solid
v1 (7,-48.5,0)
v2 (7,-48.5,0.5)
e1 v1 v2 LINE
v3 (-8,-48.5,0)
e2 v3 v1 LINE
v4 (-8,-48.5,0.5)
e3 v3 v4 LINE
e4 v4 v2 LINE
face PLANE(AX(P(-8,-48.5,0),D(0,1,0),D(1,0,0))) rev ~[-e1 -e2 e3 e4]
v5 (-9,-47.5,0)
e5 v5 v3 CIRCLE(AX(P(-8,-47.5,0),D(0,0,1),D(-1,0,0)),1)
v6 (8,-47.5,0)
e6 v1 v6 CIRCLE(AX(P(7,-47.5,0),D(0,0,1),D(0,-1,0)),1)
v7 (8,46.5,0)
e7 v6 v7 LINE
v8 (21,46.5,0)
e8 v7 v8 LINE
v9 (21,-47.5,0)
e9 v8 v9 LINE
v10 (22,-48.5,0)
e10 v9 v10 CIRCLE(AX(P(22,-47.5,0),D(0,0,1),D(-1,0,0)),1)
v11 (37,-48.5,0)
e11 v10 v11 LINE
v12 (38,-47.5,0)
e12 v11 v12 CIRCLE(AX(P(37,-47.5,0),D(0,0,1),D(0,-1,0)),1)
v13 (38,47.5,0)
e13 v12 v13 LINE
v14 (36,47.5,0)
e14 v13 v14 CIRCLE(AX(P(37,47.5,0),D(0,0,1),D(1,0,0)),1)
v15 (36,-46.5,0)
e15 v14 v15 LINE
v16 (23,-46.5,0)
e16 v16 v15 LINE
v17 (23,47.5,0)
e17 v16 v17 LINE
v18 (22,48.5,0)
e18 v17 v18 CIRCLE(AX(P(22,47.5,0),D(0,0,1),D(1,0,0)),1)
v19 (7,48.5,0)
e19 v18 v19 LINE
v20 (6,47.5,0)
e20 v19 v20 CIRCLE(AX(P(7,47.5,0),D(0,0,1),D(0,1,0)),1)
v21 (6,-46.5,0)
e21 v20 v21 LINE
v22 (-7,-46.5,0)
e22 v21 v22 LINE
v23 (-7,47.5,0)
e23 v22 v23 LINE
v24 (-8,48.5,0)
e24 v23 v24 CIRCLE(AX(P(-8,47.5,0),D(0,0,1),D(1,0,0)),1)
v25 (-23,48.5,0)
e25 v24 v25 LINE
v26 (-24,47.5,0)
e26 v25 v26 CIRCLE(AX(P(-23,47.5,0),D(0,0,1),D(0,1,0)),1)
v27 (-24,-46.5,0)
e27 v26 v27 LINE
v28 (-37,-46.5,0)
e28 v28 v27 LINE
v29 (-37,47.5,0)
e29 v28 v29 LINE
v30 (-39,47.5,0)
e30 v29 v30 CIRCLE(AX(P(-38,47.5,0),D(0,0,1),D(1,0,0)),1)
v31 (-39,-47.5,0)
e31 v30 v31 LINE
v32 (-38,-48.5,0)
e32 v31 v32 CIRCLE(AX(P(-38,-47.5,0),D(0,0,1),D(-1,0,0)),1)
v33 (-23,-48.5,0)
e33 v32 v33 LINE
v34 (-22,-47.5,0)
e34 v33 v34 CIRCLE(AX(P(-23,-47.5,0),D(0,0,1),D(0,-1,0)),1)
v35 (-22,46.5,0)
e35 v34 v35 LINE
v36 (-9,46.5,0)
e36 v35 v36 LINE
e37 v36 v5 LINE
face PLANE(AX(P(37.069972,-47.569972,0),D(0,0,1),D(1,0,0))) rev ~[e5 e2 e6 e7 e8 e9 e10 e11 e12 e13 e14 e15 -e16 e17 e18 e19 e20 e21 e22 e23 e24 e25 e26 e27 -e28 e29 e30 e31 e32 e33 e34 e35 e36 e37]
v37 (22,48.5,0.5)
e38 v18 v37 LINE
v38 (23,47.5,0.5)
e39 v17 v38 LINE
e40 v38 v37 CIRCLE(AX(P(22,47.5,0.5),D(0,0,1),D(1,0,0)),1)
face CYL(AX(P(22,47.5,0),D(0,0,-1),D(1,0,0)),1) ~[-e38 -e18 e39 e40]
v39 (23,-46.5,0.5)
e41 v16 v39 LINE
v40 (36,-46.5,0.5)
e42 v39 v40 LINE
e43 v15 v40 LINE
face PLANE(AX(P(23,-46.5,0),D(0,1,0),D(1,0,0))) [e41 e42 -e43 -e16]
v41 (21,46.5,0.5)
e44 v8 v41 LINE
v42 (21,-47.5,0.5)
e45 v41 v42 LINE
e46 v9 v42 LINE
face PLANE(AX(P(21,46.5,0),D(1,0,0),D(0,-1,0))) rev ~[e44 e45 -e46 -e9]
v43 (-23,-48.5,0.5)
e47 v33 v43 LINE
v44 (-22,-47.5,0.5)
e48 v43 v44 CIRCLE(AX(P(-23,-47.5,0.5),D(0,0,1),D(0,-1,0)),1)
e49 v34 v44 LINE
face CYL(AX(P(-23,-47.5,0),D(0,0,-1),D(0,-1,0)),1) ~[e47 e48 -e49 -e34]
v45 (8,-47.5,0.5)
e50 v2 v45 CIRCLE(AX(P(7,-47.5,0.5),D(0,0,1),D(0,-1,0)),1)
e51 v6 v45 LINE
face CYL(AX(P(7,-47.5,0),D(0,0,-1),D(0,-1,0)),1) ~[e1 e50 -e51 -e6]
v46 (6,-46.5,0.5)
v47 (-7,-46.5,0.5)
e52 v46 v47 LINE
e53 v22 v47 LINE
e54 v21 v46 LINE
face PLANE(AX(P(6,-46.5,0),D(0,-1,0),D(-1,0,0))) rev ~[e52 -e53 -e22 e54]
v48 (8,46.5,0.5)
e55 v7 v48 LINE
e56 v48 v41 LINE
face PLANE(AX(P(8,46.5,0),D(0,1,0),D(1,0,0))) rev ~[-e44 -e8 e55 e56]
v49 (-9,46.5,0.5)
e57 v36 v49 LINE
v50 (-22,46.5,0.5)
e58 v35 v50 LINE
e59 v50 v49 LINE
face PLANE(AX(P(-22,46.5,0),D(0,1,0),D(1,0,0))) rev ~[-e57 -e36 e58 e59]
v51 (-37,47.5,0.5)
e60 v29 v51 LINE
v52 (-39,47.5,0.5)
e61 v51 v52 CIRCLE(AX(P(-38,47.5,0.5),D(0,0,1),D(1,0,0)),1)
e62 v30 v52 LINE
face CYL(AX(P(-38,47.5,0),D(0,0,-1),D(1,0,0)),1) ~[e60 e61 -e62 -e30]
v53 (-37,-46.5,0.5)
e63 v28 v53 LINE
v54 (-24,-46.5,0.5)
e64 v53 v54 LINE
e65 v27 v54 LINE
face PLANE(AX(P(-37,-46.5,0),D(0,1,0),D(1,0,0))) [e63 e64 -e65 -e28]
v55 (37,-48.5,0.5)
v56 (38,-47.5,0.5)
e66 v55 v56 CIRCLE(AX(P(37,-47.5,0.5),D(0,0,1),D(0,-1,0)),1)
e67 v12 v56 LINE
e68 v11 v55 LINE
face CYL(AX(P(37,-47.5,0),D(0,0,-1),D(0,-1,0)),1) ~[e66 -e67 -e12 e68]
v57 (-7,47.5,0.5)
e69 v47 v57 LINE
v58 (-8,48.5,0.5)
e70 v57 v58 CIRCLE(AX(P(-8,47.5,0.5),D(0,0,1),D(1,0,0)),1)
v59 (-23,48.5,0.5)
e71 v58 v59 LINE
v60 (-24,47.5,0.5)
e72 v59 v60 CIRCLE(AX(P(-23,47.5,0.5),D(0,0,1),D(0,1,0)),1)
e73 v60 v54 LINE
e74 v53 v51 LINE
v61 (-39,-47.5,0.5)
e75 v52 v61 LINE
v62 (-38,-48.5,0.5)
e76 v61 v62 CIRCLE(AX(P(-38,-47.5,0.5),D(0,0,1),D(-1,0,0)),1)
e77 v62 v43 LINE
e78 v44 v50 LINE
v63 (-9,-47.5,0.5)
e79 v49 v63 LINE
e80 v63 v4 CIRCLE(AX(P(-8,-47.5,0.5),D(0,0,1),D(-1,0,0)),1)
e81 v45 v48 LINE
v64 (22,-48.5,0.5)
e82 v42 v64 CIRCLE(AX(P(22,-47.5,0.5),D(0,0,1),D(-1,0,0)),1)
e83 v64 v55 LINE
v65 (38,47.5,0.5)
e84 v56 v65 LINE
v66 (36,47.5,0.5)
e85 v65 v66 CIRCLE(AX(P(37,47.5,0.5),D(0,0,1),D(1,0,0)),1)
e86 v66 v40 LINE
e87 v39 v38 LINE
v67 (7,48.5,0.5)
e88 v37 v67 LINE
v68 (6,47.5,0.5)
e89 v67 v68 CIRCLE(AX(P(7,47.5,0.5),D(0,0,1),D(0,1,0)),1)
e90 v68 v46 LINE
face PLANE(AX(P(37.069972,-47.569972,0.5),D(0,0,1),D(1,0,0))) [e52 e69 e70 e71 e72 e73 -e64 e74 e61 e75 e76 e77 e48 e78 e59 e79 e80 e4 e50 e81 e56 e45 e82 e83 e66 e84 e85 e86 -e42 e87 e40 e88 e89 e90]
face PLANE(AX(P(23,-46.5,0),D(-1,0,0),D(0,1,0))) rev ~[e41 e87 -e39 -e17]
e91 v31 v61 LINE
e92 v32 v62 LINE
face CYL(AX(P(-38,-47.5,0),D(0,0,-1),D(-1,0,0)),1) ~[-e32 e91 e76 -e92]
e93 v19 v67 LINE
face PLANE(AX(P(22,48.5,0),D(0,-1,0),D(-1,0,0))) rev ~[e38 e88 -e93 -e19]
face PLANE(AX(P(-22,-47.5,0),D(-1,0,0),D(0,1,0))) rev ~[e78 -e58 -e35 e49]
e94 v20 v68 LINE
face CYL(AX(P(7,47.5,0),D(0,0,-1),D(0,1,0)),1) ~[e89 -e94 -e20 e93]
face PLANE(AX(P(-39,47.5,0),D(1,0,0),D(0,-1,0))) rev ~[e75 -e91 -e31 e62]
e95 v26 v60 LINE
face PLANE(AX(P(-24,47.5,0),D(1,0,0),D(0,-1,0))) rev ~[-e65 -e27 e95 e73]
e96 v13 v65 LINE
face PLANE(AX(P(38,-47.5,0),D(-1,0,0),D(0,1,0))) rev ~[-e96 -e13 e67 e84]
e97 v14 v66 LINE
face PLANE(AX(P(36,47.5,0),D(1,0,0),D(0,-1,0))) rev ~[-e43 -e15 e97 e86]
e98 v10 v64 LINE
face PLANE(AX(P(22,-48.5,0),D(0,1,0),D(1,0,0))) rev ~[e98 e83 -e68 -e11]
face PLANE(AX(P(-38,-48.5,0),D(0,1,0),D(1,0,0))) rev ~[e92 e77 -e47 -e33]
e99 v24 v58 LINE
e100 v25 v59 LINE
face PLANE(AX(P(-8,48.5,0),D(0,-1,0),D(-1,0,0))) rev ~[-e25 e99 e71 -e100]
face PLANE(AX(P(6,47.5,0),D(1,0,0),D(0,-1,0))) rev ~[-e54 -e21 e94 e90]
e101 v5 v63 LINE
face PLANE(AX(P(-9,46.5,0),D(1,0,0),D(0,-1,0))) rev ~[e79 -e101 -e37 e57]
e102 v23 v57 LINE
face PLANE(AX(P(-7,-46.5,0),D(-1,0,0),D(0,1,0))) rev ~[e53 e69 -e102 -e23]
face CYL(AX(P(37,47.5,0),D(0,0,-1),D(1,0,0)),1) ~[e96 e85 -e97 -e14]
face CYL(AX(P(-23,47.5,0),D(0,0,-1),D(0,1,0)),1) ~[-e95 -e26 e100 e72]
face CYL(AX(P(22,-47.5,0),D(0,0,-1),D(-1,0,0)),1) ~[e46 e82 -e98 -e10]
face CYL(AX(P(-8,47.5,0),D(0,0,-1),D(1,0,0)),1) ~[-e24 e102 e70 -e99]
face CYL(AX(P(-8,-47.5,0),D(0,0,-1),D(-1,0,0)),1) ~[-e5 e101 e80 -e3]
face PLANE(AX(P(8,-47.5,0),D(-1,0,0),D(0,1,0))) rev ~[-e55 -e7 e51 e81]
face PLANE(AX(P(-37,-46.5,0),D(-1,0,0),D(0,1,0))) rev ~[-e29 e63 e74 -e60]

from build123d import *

# Parameters (mm, degrees)
F1_W     = 1
F1_H     = 1
F1_W_2   = 13
F2_DEPTH = 0.5


with BuildPart() as f2:
    # F1 (on Top) → F2 (new body)
    with BuildSketch(Plane.XY):
        with BuildLine():
            ThreePointArc((38, -47.5), (37.7071067812, -46.7928932188), (37, -46.5))
            Line((37, -46.5), (37, -47.5))
            Line((37, -47.5), (36, -47.5))
            ThreePointArc((36, -47.5), (36.2928932188, -48.2071067812), (37, -48.5))
            ThreePointArc((37, -48.5), (37.7071067812, -48.2071067812), (38, -47.5))
        make_face()
        with BuildLine():
            Line((36, -46.5), (37, -46.5))
            ThreePointArc((37, -46.5), (37.7071067812, -46.7928932188), (38, -47.5))
            Line((38, -47.5), (38, 47.5))
            ThreePointArc((38, 47.5), (37, 48.5), (36, 47.5))
            Line((36, 47.5), (36, -46.5))
        make_face()
        with Locations((36.5, -47)):
            Rectangle(F1_W, F1_H)
        with Locations((29.5, -47)):
            Rectangle(F1_W_2, F1_H)
        with BuildLine():
            ThreePointArc((37, -48.5), (36.2928932188, -48.2071067812), (36, -47.5))
            Line((36, -47.5), (23, -47.5))
            ThreePointArc((23, -47.5), (22.7071067812, -48.2071067812), (22, -48.5))
            Line((22, -48.5), (37, -48.5))
        make_face()
        with BuildLine():
            Line((22, -46.5), (23, -46.5))
            Line((23, -46.5), (23, 47.5))
            ThreePointArc((23, 47.5), (22.7071067812, 46.7928932188), (22, 46.5))
            Line((22, 46.5), (22, -46.5))
        make_face()
        with Locations((22.5, -47)):
            Rectangle(F1_W, F1_H)
        with BuildLine():
            ThreePointArc((22, -48.5), (22.7071067812, -48.2071067812), (23, -47.5))
            Line((23, -47.5), (22, -47.5))
            Line((22, -47.5), (22, -46.5))
            ThreePointArc((22, -46.5), (21.2928932188, -46.7928932188), (21, -47.5))
            ThreePointArc((21, -47.5), (21.2928932188, -48.2071067812), (22, -48.5))
        make_face()
        with BuildLine():
            ThreePointArc((22, 46.5), (22.7071067812, 46.7928932188), (23, 47.5))
            ThreePointArc((23, 47.5), (22.7071067812, 48.2071067812), (22, 48.5))
            ThreePointArc((22, 48.5), (21.2928932188, 48.2071067812), (21, 47.5))
            Line((21, 47.5), (22, 47.5))
            Line((22, 47.5), (22, 46.5))
        make_face()
        with BuildLine():
            ThreePointArc((21, -47.5), (21.2928932188, -46.7928932188), (22, -46.5))
            Line((22, -46.5), (22, 46.5))
            Line((22, 46.5), (21, 46.5))
            Line((21, 46.5), (21, -47.5))
        make_face()
        with BuildLine():
            ThreePointArc((21, 47.5), (21.2928932188, 48.2071067812), (22, 48.5))
            Line((22, 48.5), (7, 48.5))
            ThreePointArc((7, 48.5), (7.7071067812, 48.2071067812), (8, 47.5))
            Line((8, 47.5), (21, 47.5))
        make_face()
        with Locations((21.5, 47)):
            Rectangle(F1_W, F1_H)
        with Locations((14.5, 47)):
            Rectangle(F1_W_2, F1_H)
        with BuildLine():
            ThreePointArc((8, 47.5), (7.7071067812, 48.2071067812), (7, 48.5))
            ThreePointArc((7, 48.5), (6.2928932188, 48.2071067812), (6, 47.5))
            ThreePointArc((6, 47.5), (6.2928932188, 46.7928932188), (7, 46.5))
            Line((7, 46.5), (7, 47.5))
            Line((7, 47.5), (8, 47.5))
        make_face()
        with BuildLine():
            Line((8, -47.5), (8, 46.5))
            Line((8, 46.5), (7, 46.5))
            Line((7, 46.5), (7, -46.5))
            ThreePointArc((7, -46.5), (7.7071067812, -46.7928932188), (8, -47.5))
        make_face()
        with Locations((7.5, 47)):
            Rectangle(F1_W, F1_H)
        with BuildLine():
            ThreePointArc((7, 46.5), (6.2928932188, 46.7928932188), (6, 47.5))
            Line((6, 47.5), (6, -46.5))
            Line((6, -46.5), (7, -46.5))
            Line((7, -46.5), (7, 46.5))
        make_face()
        with BuildLine():
            ThreePointArc((7, -48.5), (7.7071067812, -48.2071067812), (8, -47.5))
            ThreePointArc((8, -47.5), (7.7071067812, -46.7928932188), (7, -46.5))
            Line((7, -46.5), (7, -47.5))
            Line((7, -47.5), (6, -47.5))
            ThreePointArc((6, -47.5), (6.2928932188, -48.2071067812), (7, -48.5))
        make_face()
        with Locations((6.5, -47)):
            Rectangle(F1_W, F1_H)
        with Locations((-0.5, -47)):
            Rectangle(F1_W_2, F1_H)
        with BuildLine():
            Line((-8, -48.5), (7, -48.5))
            ThreePointArc((7, -48.5), (6.2928932188, -48.2071067812), (6, -47.5))
            Line((6, -47.5), (-7, -47.5))
            ThreePointArc((-7, -47.5), (-7.2928932188, -48.2071067812), (-8, -48.5))
        make_face()
        with Locations((-7.5, -47)):
            Rectangle(F1_W, F1_H)
        with BuildLine():
            Line((-8, -46.5), (-7, -46.5))
            Line((-7, -46.5), (-7, 47.5))
            ThreePointArc((-7, 47.5), (-7.2928932188, 46.7928932188), (-8, 46.5))
            Line((-8, 46.5), (-8, -46.5))
        make_face()
        with BuildLine():
            ThreePointArc((-9, -47.5), (-8.7071067812, -48.2071067812), (-8, -48.5))
            ThreePointArc((-8, -48.5), (-7.2928932188, -48.2071067812), (-7, -47.5))
            Line((-7, -47.5), (-8, -47.5))
            Line((-8, -47.5), (-8, -46.5))
            ThreePointArc((-8, -46.5), (-8.7071067812, -46.7928932188), (-9, -47.5))
        make_face()
        with BuildLine():
            ThreePointArc((-9, -47.5), (-8.7071067812, -46.7928932188), (-8, -46.5))
            Line((-8, -46.5), (-8, 46.5))
            Line((-8, 46.5), (-9, 46.5))
            Line((-9, 46.5), (-9, -47.5))
        make_face()
        with BuildLine():
            ThreePointArc((-8, 46.5), (-7.2928932188, 46.7928932188), (-7, 47.5))
            ThreePointArc((-7, 47.5), (-7.2928932188, 48.2071067812), (-8, 48.5))
            ThreePointArc((-8, 48.5), (-8.7071067812, 48.2071067812), (-9, 47.5))
            Line((-9, 47.5), (-8, 47.5))
            Line((-8, 47.5), (-8, 46.5))
        make_face()
        with Locations((-8.5, 47)):
            Rectangle(F1_W, F1_H)
        with BuildLine():
            ThreePointArc((-9, 47.5), (-8.7071067812, 48.2071067812), (-8, 48.5))
            Line((-8, 48.5), (-23, 48.5))
            ThreePointArc((-23, 48.5), (-22.2928932188, 48.2071067812), (-22, 47.5))
            Line((-22, 47.5), (-9, 47.5))
        make_face()
        with Locations((-15.5, 47)):
            Rectangle(F1_W_2, F1_H)
        with BuildLine():
            ThreePointArc((-22, 47.5), (-22.2928932188, 48.2071067812), (-23, 48.5))
            ThreePointArc((-23, 48.5), (-23.7071067812, 48.2071067812), (-24, 47.5))
            ThreePointArc((-24, 47.5), (-23.7071067812, 46.7928932188), (-23, 46.5))
            Line((-23, 46.5), (-23, 47.5))
            Line((-23, 47.5), (-22, 47.5))
        make_face()
        with Locations((-22.5, 47)):
            Rectangle(F1_W, F1_H)
        with BuildLine():
            Line((-22, -47.5), (-22, 46.5))
            Line((-22, 46.5), (-23, 46.5))
            Line((-23, 46.5), (-23, -46.5))
            ThreePointArc((-23, -46.5), (-22.2928932188, -46.7928932188), (-22, -47.5))
        make_face()
        with BuildLine():
            ThreePointArc((-23, 46.5), (-23.7071067812, 46.7928932188), (-24, 47.5))
            Line((-24, 47.5), (-24, -46.5))
            Line((-24, -46.5), (-23, -46.5))
            Line((-23, -46.5), (-23, 46.5))
        make_face()
        with BuildLine():
            ThreePointArc((-23, -48.5), (-22.2928932188, -48.2071067812), (-22, -47.5))
            ThreePointArc((-22, -47.5), (-22.2928932188, -46.7928932188), (-23, -46.5))
            Line((-23, -46.5), (-23, -47.5))
            Line((-23, -47.5), (-24, -47.5))
            ThreePointArc((-24, -47.5), (-23.7071067812, -48.2071067812), (-23, -48.5))
        make_face()
        with Locations((-30.5, -47)):
            Rectangle(F1_W_2, F1_H)
        with Locations((-23.5, -47)):
            Rectangle(F1_W, F1_H)
        with BuildLine():
            Line((-38, -48.5), (-23, -48.5))
            ThreePointArc((-23, -48.5), (-23.7071067812, -48.2071067812), (-24, -47.5))
            Line((-24, -47.5), (-37, -47.5))
            ThreePointArc((-37, -47.5), (-37.2928932188, -48.2071067812), (-38, -48.5))
        make_face()
        with BuildLine():
            Line((-38, -46.5), (-37, -46.5))
            Line((-37, -46.5), (-37, 47.5))
            ThreePointArc((-37, 47.5), (-38, 48.5), (-39, 47.5))
            Line((-39, 47.5), (-39, -47.5))
            ThreePointArc((-39, -47.5), (-38.7071067812, -46.7928932188), (-38, -46.5))
        make_face()
        with Locations((-37.5, -47)):
            Rectangle(F1_W, F1_H)
        with BuildLine():
            ThreePointArc((-39, -47.5), (-38.7071067812, -48.2071067812), (-38, -48.5))
            ThreePointArc((-38, -48.5), (-37.2928932188, -48.2071067812), (-37, -47.5))
            Line((-37, -47.5), (-38, -47.5))
            Line((-38, -47.5), (-38, -46.5))
            ThreePointArc((-38, -46.5), (-38.7071067812, -46.7928932188), (-39, -47.5))
        make_face()
    extrude(amount=F2_DEPTH)


solid = f2.part
